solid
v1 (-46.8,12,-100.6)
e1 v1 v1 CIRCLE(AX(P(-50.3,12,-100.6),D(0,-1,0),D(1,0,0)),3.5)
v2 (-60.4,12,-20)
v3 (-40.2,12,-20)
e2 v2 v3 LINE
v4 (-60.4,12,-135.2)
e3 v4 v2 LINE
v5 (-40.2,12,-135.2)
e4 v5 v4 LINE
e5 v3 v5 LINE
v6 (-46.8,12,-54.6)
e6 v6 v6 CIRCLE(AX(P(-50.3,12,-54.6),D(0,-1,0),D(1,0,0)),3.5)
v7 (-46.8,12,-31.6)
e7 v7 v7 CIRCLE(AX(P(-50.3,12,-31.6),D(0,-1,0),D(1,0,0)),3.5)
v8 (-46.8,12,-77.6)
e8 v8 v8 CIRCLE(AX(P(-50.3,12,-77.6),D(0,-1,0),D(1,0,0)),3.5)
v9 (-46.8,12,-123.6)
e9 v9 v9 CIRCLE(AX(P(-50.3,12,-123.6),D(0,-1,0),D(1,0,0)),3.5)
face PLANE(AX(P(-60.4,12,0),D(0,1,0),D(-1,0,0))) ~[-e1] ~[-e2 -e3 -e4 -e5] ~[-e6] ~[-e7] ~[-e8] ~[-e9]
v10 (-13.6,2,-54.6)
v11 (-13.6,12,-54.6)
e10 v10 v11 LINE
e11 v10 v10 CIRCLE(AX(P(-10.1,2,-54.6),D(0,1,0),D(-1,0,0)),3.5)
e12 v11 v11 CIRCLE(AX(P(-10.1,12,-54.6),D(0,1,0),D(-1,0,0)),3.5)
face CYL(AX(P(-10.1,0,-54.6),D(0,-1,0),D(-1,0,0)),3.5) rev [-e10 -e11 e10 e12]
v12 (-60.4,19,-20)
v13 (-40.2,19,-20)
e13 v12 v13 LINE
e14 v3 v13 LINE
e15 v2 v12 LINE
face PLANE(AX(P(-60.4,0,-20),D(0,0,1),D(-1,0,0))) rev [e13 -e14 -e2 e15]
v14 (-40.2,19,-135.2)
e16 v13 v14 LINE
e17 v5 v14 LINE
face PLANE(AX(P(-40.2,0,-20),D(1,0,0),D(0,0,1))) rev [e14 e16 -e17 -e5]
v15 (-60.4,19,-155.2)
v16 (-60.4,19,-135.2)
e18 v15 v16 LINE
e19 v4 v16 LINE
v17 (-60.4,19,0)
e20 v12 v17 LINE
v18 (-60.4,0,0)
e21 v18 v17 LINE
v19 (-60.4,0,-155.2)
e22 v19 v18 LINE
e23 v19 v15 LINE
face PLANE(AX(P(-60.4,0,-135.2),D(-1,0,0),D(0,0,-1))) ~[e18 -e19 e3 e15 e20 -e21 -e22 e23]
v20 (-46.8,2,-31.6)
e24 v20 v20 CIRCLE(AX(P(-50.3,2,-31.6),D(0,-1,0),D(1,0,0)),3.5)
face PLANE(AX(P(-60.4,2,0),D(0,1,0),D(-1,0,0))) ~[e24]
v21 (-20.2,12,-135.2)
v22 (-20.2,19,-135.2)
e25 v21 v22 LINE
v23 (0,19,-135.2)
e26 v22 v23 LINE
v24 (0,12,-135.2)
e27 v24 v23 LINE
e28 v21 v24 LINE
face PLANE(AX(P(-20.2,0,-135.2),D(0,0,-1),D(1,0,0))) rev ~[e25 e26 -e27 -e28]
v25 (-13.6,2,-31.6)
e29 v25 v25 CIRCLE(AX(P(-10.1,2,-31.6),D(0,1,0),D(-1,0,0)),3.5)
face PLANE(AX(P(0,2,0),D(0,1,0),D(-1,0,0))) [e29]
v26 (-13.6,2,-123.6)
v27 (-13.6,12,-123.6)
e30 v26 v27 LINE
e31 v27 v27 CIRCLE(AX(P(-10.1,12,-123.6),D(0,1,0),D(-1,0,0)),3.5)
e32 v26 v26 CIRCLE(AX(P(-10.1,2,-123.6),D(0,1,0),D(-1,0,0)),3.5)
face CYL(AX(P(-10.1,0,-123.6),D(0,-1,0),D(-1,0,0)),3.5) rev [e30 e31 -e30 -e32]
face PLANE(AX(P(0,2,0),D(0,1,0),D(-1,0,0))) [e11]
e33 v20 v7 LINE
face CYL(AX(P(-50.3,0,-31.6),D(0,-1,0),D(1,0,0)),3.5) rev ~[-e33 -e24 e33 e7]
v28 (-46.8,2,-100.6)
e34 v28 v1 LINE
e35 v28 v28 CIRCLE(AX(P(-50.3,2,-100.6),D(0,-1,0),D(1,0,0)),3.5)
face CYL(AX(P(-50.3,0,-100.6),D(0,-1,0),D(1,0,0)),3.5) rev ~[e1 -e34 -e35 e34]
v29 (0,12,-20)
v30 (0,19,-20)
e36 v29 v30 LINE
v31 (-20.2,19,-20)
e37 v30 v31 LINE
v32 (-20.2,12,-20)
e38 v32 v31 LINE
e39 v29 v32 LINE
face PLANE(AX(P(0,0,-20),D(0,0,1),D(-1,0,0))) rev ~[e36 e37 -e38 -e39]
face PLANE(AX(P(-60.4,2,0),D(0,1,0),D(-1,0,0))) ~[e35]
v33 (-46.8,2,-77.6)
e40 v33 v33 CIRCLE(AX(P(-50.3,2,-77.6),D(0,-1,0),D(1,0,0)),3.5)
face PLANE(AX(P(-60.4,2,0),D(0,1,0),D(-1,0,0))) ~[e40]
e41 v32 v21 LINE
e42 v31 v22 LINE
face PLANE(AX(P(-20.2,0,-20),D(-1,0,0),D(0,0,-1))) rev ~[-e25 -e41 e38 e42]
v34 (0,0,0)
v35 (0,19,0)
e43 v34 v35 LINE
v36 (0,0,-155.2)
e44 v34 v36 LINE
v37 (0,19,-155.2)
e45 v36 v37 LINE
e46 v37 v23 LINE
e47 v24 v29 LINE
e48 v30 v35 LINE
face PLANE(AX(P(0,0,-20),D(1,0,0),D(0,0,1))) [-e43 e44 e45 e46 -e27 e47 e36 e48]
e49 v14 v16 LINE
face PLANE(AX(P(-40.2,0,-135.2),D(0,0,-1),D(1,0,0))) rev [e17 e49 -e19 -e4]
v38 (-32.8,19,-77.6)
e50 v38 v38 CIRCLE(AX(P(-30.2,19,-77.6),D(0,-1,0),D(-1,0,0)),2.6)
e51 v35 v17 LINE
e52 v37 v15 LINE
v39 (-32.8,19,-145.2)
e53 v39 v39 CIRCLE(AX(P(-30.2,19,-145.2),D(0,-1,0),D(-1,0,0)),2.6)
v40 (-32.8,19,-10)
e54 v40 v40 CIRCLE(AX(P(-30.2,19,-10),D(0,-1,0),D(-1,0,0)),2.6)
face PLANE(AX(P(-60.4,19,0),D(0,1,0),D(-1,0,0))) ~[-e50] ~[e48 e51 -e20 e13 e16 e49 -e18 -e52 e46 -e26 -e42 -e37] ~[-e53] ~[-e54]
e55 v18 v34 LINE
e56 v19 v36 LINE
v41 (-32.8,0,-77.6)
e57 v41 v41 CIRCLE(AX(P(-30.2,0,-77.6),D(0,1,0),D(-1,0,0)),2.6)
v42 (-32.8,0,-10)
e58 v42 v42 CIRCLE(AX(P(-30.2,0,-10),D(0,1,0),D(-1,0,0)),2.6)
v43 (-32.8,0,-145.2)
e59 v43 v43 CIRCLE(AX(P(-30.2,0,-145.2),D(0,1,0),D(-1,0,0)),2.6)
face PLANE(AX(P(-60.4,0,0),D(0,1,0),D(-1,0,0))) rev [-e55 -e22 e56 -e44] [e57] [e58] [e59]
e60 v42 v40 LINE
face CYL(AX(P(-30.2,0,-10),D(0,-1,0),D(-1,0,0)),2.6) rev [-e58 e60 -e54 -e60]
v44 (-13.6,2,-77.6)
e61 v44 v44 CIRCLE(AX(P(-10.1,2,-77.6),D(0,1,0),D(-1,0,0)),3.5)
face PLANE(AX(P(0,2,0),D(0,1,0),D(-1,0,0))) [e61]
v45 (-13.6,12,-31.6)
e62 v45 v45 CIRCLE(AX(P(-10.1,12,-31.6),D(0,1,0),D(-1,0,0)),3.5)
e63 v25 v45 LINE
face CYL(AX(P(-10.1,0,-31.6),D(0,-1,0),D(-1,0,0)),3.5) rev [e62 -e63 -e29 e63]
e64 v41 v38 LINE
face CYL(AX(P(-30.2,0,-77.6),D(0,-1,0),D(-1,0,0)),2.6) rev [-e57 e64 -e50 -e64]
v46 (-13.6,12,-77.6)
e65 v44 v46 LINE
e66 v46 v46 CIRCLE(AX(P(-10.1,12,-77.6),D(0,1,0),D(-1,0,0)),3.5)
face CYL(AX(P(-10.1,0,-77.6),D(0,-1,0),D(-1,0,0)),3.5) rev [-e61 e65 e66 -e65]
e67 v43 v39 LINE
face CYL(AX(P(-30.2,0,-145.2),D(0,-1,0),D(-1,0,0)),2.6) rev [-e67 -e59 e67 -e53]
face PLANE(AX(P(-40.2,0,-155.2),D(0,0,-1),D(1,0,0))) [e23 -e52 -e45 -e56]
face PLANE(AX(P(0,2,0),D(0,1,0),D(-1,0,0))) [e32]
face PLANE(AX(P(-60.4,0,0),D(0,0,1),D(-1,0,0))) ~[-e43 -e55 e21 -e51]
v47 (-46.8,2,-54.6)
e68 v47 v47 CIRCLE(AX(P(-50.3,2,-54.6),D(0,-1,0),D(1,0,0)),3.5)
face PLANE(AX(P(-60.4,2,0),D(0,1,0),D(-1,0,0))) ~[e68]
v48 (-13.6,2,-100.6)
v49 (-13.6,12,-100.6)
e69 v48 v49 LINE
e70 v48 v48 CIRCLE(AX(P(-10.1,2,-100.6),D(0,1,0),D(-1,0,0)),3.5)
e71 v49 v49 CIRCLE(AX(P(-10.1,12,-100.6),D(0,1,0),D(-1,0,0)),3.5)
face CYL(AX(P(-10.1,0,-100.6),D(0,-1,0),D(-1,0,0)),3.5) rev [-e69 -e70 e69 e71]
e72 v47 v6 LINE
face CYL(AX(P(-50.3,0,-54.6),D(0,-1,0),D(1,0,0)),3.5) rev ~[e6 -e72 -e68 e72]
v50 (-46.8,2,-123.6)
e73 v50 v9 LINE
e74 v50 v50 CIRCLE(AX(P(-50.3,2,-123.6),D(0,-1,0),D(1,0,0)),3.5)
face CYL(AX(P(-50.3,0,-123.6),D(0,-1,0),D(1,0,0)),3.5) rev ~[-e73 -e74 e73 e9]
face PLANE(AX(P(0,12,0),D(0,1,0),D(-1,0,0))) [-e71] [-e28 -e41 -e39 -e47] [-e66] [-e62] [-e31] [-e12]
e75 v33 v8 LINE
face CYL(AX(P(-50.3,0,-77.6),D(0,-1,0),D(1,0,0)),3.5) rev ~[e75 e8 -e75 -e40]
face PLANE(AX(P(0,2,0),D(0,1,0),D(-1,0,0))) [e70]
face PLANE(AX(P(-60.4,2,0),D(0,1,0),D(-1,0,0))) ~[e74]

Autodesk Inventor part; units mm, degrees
ref_plane "YZ Plane" through (0, 0, 0) normal (1, 0, 0) x (0, 1, 0)
ref_plane "XZ Plane" through (0, 0, 0) normal (0, 1, 0) x (-1, 0, 0)
sketch "Sketch1" plane through (0, 0, 0) normal (0, 1, 0) x (-1, 0, 0)
  line L0 (0, 0) -> (40.2, 0)
  line L1 (40.2, 0) -> (40.2, -155.2)
  line L2 (40.2, -155.2) -> (0, -155.2)
  line L3 (0, -155.2) -> (0, 0)
  line L4 (0, -20) -> (20.2, -20)
  line L5 (20.2, -20) -> (20.2, -135.2)
  line L6 (20.2, -135.2) -> (0, -135.2)
  line L7 (0, -135.2) -> (0, -20)
  line L8 (10.1, -135.2) -> (10.1, -20) construction
  line L9 (20.2, -77.6) -> (0, -77.6) construction
  circle A0 centre (10.1, -77.6) radius 3.5
  line L10 (0, -54.6) -> (20.2, -54.6) construction
  line L11 (20.2, -31.6) -> (0, -31.6) construction
  circle A1 centre (10.1, -54.6) radius 3.5
  circle A2 centre (10.1, -31.6) radius 3.5
  circle A3 centre (10.1, -100.6) radius 3.5
  circle A4 centre (10.1, -123.6) radius 3.5
  line L12 (40.2, -155.2) -> (20.2, -135.2) construction
  line L13 (30.2, -155.2) -> (30.2, 0) construction
  line L14 (20.2, -20) -> (40.2, 0) construction
  circle A5 centre (30.2, -145.2) radius 2.6
  circle A6 centre (30.2, -10) radius 2.6
  circle A7 centre (30.2, -77.6) radius 2.6
  point P0 (0, -135.2)
  dimension "d0" = 115.2
  dimension "d1" = 20.2
  dimension "d2" = 7
  dimension "d3" = 23
  dimension "d4" = 23
  dimension "d11" = 20
  dimension "d12" = 20
  dimension "d13" = 20
  dimension "d14" = 5.2
extrude "Extrusion1" add sketch "Sketch1" along normal blind 12 contours L4 L5 L6 L3
extrude "Extrusion2" add sketch "Sketch1" along normal blind 2 contours A0 | A1 | A2 | A3 | A4
extrude "Extrusion3" add sketch "Sketch1" along normal blind 19 contours L0 L1 L2 L3 L6 L5 L4
sketch "Sketch2" plane through (0, 19, 0) normal (0, 1, 0) x (1, 0, 0)
  line L0 (-40.2, 155.2) -> (-40.2, 0) projected
  line L1 (-40.2, 0) -> (0, 0) projected
  line L2 (0, 0) -> (0, 20) projected
  line L3 (0, 20) -> (-20.2, 20) projected
  line L4 (-20.2, 20) -> (-20.2, 135.2) projected
  line L5 (-20.2, 135.2) -> (0, 135.2) projected
  line L6 (0, 135.2) -> (0, 155.2) projected
  line L7 (0, 155.2) -> (-40.2, 155.2) projected
  circle A0 centre (-30.2, 77.6) radius 2.6 projected
  circle A1 centre (-30.2, 145.2) radius 2.6 projected
  circle A2 centre (-30.2, 10) radius 2.6 projected
  line L8 (-30.2, 10) -> (-30.2, 145.2)
ref_plane "Work Plane1" through (-30.2, 19, -10) normal (1, 0, 0) x (0, 0, -1)
mirror "Mirror1" about plane through (-30.2, 19, -10) normal (1, 0, 0) of "Extrusion3", "Extrusion2", "Extrusion1"
equation "\"d1\" = screwTabWidth + tolerance"
equation "\"d2\" = insertDiameter"
equation "\"d11\" = screwTabWidth"
equation "\"d12\" = screwTabWidth"
equation "\"d13\" = screwTabWidth"
equation "\"d14\" = screwDiameter + tolerance"
equation "\"d5\" = insertPadding + insertLength"
equation "\"d7\" = insertPadding"
equation "\"d9\" = insertLength + insertPadding + baseThickness"
equation "\"insertDiameter\" = 7"
equation "\"insertLength\" = 10"
equation "\"insertPadding\" = 2"
equation "\"tolerance\" = 0.2"
equation "\"cellSpacing_1\" = 1"
equation "\"screwDiameter_1\" = 5"
equation "\"baseThickness_1\" = 7"
equation "\"tabThickness_1\" = 0.8"
equation "\"batteryBoxWidth\" = 162"
equation "\"sheetMetalThickness\" = 3.175"
equation "\"screwTabWidth\" = 20"
equation "\"screwDiameter\" = 5"
equation "\"baseThickness\" = 7"
properties part number "CO-1-1-CellSpacerMountMiddle"
